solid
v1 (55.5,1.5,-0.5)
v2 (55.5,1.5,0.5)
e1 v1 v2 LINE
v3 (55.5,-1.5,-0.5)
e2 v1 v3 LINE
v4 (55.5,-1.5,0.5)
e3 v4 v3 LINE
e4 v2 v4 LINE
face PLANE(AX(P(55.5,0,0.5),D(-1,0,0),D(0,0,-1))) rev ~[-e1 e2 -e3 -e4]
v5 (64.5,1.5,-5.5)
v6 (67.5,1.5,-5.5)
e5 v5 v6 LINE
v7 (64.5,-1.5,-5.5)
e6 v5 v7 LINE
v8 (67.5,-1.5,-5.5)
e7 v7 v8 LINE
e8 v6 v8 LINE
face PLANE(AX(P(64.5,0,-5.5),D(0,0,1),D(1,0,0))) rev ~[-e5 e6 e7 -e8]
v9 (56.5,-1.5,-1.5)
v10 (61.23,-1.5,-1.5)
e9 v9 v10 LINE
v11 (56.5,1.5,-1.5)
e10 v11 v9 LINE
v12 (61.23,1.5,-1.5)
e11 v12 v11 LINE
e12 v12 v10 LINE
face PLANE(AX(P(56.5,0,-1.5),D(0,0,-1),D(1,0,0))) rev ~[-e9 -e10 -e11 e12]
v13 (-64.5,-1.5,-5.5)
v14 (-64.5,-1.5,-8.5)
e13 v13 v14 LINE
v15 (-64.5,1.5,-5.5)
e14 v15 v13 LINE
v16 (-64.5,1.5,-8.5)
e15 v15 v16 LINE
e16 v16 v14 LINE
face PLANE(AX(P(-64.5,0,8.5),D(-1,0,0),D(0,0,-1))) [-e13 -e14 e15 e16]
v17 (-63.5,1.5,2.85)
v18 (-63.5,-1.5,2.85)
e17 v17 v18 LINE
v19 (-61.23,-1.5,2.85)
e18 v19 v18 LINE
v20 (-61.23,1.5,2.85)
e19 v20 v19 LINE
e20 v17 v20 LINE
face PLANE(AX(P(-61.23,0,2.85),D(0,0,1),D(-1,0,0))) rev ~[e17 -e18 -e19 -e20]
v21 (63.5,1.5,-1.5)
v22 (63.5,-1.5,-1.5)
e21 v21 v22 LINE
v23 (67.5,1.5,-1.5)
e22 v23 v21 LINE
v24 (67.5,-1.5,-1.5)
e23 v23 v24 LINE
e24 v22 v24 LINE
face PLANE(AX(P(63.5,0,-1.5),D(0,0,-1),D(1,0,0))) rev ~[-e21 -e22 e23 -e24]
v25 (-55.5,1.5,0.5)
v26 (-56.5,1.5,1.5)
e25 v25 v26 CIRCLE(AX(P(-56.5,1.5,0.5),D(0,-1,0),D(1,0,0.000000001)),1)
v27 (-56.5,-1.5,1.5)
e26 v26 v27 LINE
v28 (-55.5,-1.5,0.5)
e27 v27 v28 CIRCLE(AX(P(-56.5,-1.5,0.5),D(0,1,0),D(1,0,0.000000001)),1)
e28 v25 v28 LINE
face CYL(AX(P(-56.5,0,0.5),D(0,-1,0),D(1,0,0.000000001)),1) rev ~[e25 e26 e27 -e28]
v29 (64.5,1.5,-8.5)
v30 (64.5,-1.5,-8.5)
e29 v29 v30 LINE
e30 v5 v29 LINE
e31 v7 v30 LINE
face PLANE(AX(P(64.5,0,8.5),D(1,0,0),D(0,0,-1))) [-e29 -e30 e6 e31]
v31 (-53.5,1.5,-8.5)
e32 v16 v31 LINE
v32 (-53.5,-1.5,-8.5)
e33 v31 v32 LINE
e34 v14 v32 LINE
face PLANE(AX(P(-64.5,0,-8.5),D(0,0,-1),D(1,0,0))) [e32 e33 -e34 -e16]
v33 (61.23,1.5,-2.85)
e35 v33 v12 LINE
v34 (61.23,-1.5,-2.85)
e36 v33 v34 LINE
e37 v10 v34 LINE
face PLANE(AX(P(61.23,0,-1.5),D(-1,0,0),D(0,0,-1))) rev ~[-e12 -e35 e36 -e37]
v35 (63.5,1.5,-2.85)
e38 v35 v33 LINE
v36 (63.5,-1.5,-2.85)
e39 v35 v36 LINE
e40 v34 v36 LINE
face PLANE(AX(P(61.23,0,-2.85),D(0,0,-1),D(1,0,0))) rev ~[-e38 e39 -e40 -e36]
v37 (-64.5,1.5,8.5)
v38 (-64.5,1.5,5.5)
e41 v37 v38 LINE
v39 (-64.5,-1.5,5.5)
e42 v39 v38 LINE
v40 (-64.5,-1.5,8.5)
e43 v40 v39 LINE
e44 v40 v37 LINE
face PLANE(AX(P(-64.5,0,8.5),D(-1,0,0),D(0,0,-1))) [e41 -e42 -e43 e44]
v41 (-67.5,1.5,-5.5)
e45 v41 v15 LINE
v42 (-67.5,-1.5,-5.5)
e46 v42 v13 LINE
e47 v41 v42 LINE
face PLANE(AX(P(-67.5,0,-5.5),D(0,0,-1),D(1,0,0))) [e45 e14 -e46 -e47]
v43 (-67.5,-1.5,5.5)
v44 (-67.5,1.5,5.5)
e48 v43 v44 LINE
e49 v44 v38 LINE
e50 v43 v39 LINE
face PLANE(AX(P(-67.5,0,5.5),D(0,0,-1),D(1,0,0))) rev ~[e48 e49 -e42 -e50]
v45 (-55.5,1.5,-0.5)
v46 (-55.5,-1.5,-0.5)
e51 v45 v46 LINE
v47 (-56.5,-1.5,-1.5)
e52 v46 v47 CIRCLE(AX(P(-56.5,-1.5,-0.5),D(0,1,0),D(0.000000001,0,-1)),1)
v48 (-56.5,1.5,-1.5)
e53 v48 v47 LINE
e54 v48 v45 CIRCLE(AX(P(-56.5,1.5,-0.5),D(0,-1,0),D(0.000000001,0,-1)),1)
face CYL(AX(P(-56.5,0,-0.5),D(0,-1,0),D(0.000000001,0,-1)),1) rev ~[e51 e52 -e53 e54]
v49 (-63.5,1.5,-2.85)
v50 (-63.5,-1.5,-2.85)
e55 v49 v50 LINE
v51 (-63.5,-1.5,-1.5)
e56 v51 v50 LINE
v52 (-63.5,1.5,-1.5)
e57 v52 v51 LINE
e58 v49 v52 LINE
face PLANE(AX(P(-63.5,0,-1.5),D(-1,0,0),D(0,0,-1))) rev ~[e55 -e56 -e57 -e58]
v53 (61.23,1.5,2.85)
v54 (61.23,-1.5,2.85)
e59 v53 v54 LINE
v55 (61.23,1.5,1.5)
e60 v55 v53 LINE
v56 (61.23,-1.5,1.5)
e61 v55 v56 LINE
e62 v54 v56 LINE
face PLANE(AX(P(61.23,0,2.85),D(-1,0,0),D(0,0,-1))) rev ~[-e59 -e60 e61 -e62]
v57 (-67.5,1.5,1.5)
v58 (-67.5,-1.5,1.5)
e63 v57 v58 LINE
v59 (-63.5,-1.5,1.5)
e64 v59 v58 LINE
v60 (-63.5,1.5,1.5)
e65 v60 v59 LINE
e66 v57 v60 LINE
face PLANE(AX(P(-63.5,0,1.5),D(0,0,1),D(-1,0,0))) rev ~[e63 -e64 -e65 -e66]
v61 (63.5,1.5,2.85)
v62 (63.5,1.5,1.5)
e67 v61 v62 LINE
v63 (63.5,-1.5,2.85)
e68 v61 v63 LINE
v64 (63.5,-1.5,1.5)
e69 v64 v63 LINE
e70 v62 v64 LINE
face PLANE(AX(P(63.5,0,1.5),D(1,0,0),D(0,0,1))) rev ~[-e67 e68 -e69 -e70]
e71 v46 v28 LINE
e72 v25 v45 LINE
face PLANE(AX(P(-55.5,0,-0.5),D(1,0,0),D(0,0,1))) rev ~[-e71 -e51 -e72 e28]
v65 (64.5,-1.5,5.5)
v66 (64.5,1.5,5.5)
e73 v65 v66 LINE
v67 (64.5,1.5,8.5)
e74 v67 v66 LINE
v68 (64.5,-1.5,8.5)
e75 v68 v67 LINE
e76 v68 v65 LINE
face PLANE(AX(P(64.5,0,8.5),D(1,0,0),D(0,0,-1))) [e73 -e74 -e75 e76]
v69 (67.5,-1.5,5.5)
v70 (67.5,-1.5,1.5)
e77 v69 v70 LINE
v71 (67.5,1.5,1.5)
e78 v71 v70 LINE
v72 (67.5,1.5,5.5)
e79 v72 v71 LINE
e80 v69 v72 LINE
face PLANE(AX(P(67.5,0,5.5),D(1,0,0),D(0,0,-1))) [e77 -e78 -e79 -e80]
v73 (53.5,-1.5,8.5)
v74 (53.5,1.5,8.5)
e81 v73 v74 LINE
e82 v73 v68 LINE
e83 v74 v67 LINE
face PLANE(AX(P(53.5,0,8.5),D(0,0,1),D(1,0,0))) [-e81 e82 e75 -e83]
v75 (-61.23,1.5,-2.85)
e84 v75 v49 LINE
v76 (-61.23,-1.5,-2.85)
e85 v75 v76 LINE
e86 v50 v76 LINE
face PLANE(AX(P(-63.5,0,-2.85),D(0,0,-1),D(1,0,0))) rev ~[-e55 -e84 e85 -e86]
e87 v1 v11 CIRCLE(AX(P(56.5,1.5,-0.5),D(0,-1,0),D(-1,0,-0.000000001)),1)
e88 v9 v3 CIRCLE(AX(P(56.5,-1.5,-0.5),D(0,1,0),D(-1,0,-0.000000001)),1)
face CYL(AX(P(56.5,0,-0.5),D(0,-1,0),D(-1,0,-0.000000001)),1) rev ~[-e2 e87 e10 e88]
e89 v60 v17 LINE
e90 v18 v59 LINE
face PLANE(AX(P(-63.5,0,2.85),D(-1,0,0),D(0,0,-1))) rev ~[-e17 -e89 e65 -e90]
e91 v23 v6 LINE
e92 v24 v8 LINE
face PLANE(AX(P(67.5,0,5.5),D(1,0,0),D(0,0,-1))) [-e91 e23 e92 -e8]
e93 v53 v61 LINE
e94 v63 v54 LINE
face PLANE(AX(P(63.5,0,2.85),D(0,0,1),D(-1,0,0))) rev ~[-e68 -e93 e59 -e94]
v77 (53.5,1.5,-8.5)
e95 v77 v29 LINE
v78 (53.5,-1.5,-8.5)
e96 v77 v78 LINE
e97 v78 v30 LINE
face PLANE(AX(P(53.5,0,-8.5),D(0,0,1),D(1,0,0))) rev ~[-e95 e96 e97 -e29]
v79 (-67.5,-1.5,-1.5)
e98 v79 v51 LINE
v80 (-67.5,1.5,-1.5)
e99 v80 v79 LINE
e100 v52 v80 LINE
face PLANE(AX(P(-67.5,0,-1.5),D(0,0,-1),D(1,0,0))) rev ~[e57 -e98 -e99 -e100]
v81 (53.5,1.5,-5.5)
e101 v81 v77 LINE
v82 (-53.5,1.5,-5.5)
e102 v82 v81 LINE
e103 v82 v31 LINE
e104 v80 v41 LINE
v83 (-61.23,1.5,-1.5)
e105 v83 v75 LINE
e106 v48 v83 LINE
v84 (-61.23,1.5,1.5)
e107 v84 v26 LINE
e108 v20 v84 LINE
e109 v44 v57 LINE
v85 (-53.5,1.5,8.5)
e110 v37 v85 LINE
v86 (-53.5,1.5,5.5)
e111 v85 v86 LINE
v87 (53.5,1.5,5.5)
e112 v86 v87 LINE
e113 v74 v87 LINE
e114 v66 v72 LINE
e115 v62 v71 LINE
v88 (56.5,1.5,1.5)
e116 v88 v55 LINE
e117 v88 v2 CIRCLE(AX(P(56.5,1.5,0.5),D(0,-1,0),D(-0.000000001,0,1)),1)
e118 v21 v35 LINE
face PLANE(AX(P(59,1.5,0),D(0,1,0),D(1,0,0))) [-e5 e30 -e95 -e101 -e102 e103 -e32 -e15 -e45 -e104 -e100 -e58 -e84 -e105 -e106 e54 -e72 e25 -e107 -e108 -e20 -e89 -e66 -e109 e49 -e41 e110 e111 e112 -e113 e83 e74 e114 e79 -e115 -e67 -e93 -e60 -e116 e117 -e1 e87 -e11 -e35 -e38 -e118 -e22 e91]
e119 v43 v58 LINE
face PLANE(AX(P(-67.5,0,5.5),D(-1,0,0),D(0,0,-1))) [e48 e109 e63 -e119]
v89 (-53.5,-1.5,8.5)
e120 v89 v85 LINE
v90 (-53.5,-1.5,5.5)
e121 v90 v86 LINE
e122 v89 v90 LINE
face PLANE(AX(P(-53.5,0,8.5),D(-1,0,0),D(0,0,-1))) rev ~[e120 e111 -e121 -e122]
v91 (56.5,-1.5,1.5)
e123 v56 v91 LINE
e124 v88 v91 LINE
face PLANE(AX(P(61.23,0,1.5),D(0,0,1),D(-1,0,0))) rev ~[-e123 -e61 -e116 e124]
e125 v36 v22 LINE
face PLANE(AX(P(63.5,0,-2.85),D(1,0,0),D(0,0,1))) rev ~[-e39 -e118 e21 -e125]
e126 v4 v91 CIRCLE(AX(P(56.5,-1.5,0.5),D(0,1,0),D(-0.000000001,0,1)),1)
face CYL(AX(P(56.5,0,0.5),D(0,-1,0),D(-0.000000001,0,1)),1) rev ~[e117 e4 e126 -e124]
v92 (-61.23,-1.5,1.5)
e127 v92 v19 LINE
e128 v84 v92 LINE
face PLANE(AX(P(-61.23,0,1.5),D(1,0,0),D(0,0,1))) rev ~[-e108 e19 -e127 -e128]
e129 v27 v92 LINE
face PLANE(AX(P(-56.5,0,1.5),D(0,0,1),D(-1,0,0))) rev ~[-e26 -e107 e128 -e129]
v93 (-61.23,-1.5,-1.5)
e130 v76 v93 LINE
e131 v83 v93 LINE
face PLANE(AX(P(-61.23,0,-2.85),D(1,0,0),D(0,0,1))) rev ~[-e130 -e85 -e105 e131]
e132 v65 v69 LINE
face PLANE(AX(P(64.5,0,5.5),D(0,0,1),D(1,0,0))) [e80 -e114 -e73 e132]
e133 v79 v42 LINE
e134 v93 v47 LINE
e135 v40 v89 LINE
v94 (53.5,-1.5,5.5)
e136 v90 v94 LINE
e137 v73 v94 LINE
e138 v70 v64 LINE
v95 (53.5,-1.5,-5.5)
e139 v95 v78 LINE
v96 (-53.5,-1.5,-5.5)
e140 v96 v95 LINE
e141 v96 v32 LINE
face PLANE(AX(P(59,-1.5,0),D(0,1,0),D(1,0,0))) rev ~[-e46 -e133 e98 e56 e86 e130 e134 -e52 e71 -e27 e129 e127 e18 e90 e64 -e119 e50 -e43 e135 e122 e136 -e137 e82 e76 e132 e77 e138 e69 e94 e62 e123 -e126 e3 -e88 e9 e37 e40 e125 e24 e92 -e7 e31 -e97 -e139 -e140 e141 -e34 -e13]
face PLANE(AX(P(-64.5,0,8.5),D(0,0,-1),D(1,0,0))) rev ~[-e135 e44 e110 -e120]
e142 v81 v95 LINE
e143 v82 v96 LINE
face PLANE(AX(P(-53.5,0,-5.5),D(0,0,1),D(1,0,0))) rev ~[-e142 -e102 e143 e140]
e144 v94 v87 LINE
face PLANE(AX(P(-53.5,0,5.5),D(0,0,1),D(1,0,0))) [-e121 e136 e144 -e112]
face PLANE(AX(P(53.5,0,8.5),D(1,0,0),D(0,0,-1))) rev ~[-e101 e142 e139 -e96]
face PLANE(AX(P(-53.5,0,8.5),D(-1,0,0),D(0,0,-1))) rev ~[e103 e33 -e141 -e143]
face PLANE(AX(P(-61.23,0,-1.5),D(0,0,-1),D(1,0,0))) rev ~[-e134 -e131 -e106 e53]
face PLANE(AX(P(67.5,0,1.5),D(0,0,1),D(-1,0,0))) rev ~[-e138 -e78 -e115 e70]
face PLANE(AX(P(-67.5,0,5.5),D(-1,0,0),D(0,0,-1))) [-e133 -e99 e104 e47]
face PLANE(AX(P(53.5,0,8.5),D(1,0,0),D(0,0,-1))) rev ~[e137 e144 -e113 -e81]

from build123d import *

# Parameters (mm, degrees)
SKETCH1_W               = 107
SKETCH1_H               = 11
BOSS_EXTRUDE1_DEPTH     = 1.5
SKETCH3_W               = 11
SKETCH3_H               = 17
BOSS_EXTRUDE2_DEPTH     = 1.5
SKETCH4_W               = 3
SKETCH4_H               = 11
BOSS_EXTRUDE3_DEPTH     = 1.5
CUT_EXTRUDE1_DEPTH      = 69.049614253
CUT_EXTRUDE1_DEPTH_BACK = 69.049614253


with BuildPart() as part:
    # Sketch1 → Boss-Extrude1 (new, symmetric)
    with BuildSketch(Plane(origin=(0, 0, 0), x_dir=(1, 0, 0), z_dir=(0, 1, 0))):
        Rectangle(SKETCH1_W, SKETCH1_H)
    extrude(amount=BOSS_EXTRUDE1_DEPTH, both=True)

    # Sketch3 → Boss-Extrude2 (add, symmetric)
    with BuildSketch(Plane(origin=(0, 0, 0), x_dir=(1, 0, 0), z_dir=(0, 1, 0))):
        with Locations((-59, 0)):
            Rectangle(SKETCH3_W, SKETCH3_H)
        with Locations((59, 0)):
            Rectangle(SKETCH3_W, SKETCH3_H)
    extrude(amount=BOSS_EXTRUDE2_DEPTH, both=True)

    # Sketch4 → Boss-Extrude3 (add, symmetric)
    with BuildSketch(Plane(origin=(0, 0, 0), x_dir=(1, 0, 0), z_dir=(0, 1, 0))):
        with Locations((-66, 0)):
            Rectangle(SKETCH4_W, SKETCH4_H)
        with Locations((66, 0)):
            Rectangle(SKETCH4_W, SKETCH4_H)
    extrude(amount=BOSS_EXTRUDE3_DEPTH, both=True)

    # Sketch2 → Cut-Extrude1 (cut, two sides)
    with BuildSketch(Plane(origin=(0, 0, 0), x_dir=(1, 0, 0), z_dir=(0, 1, 0))) as cut_extrude1_sk:
        with BuildLine():
            Line((-67.5, 1.5), (-63.5, 1.5))
            Line((-63.5, 1.5), (-63.5, 2.85))
            Line((-63.5, 2.85), (-61.23, 2.85))
            Line((-61.23, 2.85), (-61.23, 1.5))
            Line((-61.23, 1.5), (-56.5, 1.5))
            ThreePointArc((-56.5, 1.5), (-55.792893219, 1.207106781), (-55.5, 0.5))
            Line((-55.5, 0.5), (-55.5, -0.5))
            ThreePointArc((-55.5, -0.5), (-55.792893219, -1.207106781), (-56.5, -1.5))
            Line((-56.5, -1.5), (-61.23, -1.5))
            Line((-61.23, -1.5), (-61.23, -2.85))
            Line((-61.23, -2.85), (-63.5, -2.85))
            Line((-63.5, -2.85), (-63.5, -1.5))
            Line((-63.5, -1.5), (-67.5, -1.5))
            Line((-67.5, -1.5), (-67.5, 1.5))
        make_face()
        with BuildLine():
            Line((61.23, -1.5), (56.5, -1.5))
            ThreePointArc((56.5, -1.5), (55.792893219, -1.207106781), (55.5, -0.5))
            Line((55.5, -0.5), (55.5, 0.5))
            ThreePointArc((55.5, 0.5), (55.792893219, 1.207106781), (56.5, 1.5))
            Line((56.5, 1.5), (61.23, 1.5))
            Line((61.23, 1.5), (61.23, 2.85))
            Line((61.23, 2.85), (63.5, 2.85))
            Line((63.5, 2.85), (63.5, 1.5))
            Line((63.5, 1.5), (67.5, 1.5))
            Line((67.5, 1.5), (67.5, -1.5))
            Line((67.5, -1.5), (63.5, -1.5))
            Line((63.5, -1.5), (63.5, -2.85))
            Line((63.5, -2.85), (61.23, -2.85))
            Line((61.23, -2.85), (61.23, -1.5))
        make_face()
    extrude(amount=CUT_EXTRUDE1_DEPTH, mode=Mode.SUBTRACT)
    extrude(cut_extrude1_sk.sketch, amount=-CUT_EXTRUDE1_DEPTH_BACK, mode=Mode.SUBTRACT)


solid = part.part
